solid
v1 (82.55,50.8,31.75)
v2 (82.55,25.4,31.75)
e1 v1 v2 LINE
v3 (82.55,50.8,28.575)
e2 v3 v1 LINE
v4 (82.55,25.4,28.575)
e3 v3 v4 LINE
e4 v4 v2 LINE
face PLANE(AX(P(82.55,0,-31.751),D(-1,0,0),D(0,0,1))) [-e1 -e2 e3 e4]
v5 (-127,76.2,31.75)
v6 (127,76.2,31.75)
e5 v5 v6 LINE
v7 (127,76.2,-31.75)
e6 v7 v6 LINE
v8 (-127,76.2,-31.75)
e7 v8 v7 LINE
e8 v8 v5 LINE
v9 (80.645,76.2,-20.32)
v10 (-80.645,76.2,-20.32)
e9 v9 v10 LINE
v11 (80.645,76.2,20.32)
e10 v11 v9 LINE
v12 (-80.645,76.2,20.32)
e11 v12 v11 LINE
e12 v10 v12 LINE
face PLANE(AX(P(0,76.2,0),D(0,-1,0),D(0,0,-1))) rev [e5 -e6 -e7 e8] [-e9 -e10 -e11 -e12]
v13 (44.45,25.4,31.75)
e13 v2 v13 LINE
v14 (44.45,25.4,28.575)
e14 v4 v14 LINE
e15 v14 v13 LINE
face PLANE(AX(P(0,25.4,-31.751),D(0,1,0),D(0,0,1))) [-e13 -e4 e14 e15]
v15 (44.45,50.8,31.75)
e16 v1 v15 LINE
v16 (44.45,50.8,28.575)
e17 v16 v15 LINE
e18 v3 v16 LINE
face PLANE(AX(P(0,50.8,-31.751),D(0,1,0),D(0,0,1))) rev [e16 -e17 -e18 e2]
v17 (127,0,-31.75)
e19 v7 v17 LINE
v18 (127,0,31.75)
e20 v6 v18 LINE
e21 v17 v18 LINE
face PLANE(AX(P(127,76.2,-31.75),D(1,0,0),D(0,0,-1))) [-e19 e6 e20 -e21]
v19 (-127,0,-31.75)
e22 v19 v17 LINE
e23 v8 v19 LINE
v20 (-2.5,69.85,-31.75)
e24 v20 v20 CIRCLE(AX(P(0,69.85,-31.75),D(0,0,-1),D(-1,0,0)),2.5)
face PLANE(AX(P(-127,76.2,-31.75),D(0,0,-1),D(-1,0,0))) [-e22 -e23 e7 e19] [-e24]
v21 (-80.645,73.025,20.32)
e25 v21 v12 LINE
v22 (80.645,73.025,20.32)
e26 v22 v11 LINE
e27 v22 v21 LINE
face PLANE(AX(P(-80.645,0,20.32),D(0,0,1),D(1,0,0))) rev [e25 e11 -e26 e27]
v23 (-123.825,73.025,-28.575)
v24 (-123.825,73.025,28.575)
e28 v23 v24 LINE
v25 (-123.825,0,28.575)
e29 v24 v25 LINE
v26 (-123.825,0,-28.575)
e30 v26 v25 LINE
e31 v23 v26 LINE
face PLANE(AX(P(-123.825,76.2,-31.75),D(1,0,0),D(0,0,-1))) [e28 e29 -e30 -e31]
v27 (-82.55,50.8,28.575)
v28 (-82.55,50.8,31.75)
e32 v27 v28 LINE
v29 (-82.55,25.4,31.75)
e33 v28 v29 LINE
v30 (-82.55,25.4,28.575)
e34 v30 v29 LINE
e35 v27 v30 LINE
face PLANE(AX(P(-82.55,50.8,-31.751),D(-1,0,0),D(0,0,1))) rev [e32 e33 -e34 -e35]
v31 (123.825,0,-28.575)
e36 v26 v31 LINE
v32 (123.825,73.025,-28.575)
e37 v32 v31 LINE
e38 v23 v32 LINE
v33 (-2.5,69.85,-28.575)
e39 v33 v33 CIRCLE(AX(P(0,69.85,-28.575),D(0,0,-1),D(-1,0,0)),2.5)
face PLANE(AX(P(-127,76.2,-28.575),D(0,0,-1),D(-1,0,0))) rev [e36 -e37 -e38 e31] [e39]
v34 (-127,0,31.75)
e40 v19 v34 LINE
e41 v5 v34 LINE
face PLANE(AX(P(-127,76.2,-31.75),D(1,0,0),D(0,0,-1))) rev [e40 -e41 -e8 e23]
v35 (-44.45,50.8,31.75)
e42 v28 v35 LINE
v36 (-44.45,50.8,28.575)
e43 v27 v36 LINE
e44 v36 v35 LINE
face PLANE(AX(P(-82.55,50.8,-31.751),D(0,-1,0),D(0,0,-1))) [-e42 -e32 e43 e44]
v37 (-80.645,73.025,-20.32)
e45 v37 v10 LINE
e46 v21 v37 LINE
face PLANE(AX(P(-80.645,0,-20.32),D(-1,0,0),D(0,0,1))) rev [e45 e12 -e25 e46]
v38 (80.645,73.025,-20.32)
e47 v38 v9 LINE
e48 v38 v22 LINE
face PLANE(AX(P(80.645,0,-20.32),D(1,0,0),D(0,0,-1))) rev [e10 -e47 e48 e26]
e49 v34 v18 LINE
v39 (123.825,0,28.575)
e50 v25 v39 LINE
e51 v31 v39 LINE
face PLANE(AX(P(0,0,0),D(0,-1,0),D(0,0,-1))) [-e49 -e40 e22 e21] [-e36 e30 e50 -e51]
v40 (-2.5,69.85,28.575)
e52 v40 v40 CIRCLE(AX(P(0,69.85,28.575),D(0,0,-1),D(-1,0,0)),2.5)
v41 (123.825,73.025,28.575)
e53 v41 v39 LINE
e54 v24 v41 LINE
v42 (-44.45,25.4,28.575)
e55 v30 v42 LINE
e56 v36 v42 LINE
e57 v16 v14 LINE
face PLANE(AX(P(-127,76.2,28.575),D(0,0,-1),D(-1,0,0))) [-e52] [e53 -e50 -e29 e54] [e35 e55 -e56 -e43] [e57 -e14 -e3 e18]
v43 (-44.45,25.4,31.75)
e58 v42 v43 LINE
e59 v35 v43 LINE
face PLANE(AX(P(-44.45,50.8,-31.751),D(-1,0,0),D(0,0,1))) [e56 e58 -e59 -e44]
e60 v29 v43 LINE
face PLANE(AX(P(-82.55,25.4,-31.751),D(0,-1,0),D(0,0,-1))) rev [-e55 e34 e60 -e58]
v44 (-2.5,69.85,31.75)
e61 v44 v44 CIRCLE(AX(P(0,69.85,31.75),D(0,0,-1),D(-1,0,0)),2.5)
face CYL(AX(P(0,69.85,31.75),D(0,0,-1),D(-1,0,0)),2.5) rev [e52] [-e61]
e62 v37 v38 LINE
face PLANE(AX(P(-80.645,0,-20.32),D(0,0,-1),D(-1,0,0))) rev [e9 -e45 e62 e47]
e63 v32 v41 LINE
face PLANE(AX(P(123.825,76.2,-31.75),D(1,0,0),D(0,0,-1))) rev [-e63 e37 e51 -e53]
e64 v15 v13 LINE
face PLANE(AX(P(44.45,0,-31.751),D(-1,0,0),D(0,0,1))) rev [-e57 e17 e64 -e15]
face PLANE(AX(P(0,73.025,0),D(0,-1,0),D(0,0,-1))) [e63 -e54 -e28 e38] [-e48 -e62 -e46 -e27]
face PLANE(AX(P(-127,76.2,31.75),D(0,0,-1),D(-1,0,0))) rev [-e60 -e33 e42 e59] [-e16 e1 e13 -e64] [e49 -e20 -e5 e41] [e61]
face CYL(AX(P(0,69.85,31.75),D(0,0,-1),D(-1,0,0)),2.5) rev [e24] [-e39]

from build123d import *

# Parameters (mm, degrees)
SKETCH1_W           = 254
SKETCH1_H           = 63.5
BOSS_EXTRUDE1_DEPTH = 76.2
SHELL1_T            = -3.175
CUT_EXTRUDE1_REACH  = 163.145
SKETCH2_W           = 38.1
SKETCH2_H           = 25.4
SKETCH3_R           = 2.5
CUT_EXTRUDE2_DEPTH  = 162.144934764
SKETCH4_W           = 161.29
SKETCH4_H           = 40.64
CUT_EXTRUDE3_DEPTH  = 152.471127612


with BuildPart() as part:
    # Sketch1 → Boss-Extrude1 (new body)
    with BuildSketch(Plane(origin=(0, 0, 0), x_dir=(1, 0, 0), z_dir=(0, 1, 0))):
        Rectangle(SKETCH1_W, SKETCH1_H)
    extrude(amount=BOSS_EXTRUDE1_DEPTH)

    # Shell1
    shell1_openings = [part.faces().sort_by_distance(p)[0] for p in [
        (0, 0, 0),
    ]]
    offset(amount=SHELL1_T, openings=shell1_openings, kind=Kind.INTERSECTION)

    # Sketch2 → Cut-Extrude1 (cut, up to next)
    with BuildSketch(Plane.XY.offset(31.75), mode=Mode.PRIVATE) as cut_extrude1_sk1:
        with Locations((63.5, 38.1)):
            Rectangle(SKETCH2_W, SKETCH2_H)
    cut_extrude1_tool1 = extrude(cut_extrude1_sk1.sketch, amount=-CUT_EXTRUDE1_REACH, mode=Mode.PRIVATE) & part.part
    # Sketch2 → Cut-Extrude1 (cut, up to next)
    with BuildSketch(Plane.XY.offset(31.75), mode=Mode.PRIVATE) as cut_extrude1_sk2:
        with Locations((-63.5, 38.1)):
            Rectangle(SKETCH2_W, SKETCH2_H)
    cut_extrude1_tool2 = extrude(cut_extrude1_sk2.sketch, amount=-CUT_EXTRUDE1_REACH, mode=Mode.PRIVATE) & part.part
    add(cut_extrude1_tool1.solids().sort_by_distance((63.5, 38.1, 31.75))[0], mode=Mode.SUBTRACT)
    add(cut_extrude1_tool2.solids().sort_by_distance((-63.5, 38.1, 31.75))[0], mode=Mode.SUBTRACT)

    # Sketch3 → Cut-Extrude2 (cut, through all)
    with BuildSketch(Plane(origin=(0, 0, -31.75), x_dir=(-1, 0, 0), z_dir=(0, 0, -1))):
        with Locations((0, 69.85)):
            Circle(SKETCH3_R)
    extrude(amount=-CUT_EXTRUDE2_DEPTH, mode=Mode.SUBTRACT)

    # Sketch4 → Cut-Extrude3 (cut, through all)
    with BuildSketch(Plane(origin=(0, 76.2, 0), x_dir=(1, 0, 0), z_dir=(0, 1, 0))):
        Rectangle(SKETCH4_W, SKETCH4_H)
    extrude(amount=-CUT_EXTRUDE3_DEPTH, mode=Mode.SUBTRACT)


solid = part.part
